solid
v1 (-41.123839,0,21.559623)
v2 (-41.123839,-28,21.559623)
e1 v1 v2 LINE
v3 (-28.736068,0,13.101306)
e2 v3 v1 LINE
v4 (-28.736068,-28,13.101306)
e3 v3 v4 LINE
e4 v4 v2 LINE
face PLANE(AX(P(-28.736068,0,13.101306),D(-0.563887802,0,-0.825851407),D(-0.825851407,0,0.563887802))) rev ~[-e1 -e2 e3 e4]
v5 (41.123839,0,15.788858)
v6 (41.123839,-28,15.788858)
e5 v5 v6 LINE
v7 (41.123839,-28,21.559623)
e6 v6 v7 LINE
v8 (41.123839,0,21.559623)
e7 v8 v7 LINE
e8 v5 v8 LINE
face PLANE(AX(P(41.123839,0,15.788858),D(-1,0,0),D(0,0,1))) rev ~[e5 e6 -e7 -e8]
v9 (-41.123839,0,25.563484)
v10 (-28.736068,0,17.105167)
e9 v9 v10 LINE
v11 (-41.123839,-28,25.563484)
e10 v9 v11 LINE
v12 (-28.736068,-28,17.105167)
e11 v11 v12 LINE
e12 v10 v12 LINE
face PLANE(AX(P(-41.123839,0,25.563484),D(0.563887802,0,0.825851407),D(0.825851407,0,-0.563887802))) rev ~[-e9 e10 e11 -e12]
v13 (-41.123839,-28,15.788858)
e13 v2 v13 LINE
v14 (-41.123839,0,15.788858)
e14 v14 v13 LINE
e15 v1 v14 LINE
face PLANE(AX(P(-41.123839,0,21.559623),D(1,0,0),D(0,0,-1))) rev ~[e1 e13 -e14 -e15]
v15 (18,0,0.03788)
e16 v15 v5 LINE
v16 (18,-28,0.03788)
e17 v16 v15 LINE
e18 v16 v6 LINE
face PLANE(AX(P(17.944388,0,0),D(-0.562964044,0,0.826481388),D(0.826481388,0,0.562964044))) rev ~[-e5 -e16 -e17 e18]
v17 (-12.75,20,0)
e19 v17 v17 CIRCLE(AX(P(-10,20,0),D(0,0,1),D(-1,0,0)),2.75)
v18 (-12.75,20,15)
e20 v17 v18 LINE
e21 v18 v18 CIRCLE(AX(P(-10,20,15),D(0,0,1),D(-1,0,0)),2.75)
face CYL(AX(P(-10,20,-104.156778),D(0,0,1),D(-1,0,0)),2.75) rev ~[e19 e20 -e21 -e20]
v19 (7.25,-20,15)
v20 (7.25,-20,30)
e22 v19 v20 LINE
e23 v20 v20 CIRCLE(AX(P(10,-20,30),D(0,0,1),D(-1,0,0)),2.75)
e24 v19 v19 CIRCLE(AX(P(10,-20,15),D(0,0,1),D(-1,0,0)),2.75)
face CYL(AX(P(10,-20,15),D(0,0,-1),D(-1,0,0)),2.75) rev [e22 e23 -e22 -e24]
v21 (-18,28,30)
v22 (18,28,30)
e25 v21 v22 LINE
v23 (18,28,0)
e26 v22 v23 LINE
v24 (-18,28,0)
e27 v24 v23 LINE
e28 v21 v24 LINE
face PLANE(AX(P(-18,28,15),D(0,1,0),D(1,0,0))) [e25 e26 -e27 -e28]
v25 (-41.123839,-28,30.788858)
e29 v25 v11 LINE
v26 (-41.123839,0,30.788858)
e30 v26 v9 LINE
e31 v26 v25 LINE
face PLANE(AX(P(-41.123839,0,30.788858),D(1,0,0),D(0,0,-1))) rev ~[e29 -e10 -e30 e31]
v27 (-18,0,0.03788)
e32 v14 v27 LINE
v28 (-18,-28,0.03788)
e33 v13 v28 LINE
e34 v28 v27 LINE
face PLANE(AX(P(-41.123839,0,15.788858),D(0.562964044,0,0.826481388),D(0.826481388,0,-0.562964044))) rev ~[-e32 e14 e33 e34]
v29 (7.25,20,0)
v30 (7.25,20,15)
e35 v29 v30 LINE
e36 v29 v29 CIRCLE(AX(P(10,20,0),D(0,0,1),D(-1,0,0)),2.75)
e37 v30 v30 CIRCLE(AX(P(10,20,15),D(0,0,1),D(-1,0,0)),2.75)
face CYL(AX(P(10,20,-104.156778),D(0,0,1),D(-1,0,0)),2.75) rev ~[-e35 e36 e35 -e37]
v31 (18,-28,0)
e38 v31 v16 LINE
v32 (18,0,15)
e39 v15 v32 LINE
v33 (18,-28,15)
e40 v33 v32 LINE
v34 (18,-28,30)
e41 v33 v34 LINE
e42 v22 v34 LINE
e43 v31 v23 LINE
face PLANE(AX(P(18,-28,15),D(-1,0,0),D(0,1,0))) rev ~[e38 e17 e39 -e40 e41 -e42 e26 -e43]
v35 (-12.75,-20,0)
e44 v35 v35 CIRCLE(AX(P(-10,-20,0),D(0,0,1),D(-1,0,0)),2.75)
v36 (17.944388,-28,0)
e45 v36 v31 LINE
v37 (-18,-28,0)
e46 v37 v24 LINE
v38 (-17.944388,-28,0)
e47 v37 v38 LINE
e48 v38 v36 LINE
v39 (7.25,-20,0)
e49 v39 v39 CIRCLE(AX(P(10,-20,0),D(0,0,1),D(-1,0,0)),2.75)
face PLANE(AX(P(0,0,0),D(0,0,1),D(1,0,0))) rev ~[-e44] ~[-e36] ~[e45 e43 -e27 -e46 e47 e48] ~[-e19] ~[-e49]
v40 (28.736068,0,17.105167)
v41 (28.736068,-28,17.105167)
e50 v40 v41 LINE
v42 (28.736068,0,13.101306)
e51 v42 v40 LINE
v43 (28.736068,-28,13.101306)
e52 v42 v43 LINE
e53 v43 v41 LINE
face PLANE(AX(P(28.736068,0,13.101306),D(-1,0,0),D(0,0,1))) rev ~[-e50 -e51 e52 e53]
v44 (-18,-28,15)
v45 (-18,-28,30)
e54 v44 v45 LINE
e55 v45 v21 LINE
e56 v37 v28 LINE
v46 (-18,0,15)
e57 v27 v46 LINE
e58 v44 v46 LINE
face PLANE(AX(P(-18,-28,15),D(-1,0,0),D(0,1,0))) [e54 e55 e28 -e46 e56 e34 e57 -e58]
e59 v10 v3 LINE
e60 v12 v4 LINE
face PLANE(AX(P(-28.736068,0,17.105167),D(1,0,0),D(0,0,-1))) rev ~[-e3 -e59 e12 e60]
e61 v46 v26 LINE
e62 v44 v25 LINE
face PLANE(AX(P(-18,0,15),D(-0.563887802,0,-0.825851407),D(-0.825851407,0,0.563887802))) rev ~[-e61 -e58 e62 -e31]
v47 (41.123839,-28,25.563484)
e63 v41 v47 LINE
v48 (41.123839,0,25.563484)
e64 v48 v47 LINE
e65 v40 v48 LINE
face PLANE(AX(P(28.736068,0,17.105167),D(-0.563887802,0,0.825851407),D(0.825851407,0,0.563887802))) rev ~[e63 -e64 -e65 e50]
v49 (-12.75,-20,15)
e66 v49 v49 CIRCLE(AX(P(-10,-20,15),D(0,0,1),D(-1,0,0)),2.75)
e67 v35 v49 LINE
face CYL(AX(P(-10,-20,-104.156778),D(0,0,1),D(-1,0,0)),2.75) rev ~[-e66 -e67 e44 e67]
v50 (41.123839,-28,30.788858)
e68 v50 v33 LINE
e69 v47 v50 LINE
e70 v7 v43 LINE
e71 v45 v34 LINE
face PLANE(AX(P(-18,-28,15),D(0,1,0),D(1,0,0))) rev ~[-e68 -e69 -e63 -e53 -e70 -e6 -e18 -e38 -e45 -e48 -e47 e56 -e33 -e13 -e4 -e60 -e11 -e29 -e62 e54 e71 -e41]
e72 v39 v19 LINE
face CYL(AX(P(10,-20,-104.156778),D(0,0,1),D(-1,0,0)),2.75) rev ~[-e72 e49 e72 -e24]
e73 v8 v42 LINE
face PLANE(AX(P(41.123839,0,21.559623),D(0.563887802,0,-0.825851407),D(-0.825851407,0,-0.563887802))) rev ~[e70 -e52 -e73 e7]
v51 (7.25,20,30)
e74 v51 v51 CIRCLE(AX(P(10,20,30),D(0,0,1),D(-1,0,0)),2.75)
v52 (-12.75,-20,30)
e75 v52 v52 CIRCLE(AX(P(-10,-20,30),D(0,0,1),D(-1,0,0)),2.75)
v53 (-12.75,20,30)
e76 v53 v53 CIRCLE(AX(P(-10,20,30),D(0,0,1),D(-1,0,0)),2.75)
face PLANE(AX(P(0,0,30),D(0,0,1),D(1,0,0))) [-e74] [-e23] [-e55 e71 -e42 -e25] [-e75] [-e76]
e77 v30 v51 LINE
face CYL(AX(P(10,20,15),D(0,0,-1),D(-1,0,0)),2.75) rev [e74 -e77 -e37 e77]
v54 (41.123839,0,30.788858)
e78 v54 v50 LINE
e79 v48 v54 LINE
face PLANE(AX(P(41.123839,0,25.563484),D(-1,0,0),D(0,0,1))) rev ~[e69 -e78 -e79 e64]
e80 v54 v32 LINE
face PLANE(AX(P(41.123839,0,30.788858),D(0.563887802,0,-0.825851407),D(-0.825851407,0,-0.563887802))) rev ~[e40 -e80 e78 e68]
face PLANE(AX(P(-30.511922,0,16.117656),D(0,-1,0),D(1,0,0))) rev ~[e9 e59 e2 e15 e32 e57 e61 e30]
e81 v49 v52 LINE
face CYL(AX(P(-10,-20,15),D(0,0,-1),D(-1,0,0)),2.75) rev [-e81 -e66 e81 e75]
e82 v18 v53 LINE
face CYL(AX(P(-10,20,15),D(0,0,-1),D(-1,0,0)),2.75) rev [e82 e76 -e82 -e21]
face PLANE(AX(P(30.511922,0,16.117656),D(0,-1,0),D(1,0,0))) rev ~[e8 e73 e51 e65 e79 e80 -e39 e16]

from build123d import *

# Parameters (mm, degrees)
F0_W     = 36
F0_H     = 56
F1_DEPTH = 15
F3_DEPTH = 28
F4_D     = 5.5
F5_DEPTH = 15


with BuildPart() as f1:
    # F0 (on Top) → F1 (new body)
    with BuildSketch(Plane.XY):
        Rectangle(F0_W, F0_H)
    extrude(amount=F1_DEPTH)

    # F2 (on Front) → F3 (join)
    with BuildSketch(Plane.XZ):
        Polygon((-17.9443880916, 0), (-18, 15), (-41.1238394028, 30.7888584537), (-41.1238394028, 25.5634840578), (-28.7360682942, 17.105167029), (-28.7360682942, 13.1013058126), (-41.1238394028, 21.5596228414), (-41.1238394028, 15.7888584537), align=None)
        Polygon((28.7360682942, 17.105167029), (41.1238394028, 25.5634840578), (41.1238394028, 30.7888584537), (18, 15), (17.9443880916, 0), (41.1238394028, 15.7888584537), (41.1238394028, 21.5596228414), (28.7360682942, 13.1013058126), align=None)
    extrude(amount=F3_DEPTH)

    # F4 (through all)
    with Locations(Plane(origin=(0, 0, 0), x_dir=(1, 0, 0), z_dir=(0, 0, -1))):
        with Locations((-10, 20), (10, 20), (10, -20), (-10, -20)):
            Hole(F4_D / 2)

    # F5 (add): a face of the model
    f5_faces = [f1.faces().sort_by_distance(p)[0] for p in [
        (0, 0, 15),
    ]]
    extrude(f5_faces, amount=F5_DEPTH)


solid = f1.part
